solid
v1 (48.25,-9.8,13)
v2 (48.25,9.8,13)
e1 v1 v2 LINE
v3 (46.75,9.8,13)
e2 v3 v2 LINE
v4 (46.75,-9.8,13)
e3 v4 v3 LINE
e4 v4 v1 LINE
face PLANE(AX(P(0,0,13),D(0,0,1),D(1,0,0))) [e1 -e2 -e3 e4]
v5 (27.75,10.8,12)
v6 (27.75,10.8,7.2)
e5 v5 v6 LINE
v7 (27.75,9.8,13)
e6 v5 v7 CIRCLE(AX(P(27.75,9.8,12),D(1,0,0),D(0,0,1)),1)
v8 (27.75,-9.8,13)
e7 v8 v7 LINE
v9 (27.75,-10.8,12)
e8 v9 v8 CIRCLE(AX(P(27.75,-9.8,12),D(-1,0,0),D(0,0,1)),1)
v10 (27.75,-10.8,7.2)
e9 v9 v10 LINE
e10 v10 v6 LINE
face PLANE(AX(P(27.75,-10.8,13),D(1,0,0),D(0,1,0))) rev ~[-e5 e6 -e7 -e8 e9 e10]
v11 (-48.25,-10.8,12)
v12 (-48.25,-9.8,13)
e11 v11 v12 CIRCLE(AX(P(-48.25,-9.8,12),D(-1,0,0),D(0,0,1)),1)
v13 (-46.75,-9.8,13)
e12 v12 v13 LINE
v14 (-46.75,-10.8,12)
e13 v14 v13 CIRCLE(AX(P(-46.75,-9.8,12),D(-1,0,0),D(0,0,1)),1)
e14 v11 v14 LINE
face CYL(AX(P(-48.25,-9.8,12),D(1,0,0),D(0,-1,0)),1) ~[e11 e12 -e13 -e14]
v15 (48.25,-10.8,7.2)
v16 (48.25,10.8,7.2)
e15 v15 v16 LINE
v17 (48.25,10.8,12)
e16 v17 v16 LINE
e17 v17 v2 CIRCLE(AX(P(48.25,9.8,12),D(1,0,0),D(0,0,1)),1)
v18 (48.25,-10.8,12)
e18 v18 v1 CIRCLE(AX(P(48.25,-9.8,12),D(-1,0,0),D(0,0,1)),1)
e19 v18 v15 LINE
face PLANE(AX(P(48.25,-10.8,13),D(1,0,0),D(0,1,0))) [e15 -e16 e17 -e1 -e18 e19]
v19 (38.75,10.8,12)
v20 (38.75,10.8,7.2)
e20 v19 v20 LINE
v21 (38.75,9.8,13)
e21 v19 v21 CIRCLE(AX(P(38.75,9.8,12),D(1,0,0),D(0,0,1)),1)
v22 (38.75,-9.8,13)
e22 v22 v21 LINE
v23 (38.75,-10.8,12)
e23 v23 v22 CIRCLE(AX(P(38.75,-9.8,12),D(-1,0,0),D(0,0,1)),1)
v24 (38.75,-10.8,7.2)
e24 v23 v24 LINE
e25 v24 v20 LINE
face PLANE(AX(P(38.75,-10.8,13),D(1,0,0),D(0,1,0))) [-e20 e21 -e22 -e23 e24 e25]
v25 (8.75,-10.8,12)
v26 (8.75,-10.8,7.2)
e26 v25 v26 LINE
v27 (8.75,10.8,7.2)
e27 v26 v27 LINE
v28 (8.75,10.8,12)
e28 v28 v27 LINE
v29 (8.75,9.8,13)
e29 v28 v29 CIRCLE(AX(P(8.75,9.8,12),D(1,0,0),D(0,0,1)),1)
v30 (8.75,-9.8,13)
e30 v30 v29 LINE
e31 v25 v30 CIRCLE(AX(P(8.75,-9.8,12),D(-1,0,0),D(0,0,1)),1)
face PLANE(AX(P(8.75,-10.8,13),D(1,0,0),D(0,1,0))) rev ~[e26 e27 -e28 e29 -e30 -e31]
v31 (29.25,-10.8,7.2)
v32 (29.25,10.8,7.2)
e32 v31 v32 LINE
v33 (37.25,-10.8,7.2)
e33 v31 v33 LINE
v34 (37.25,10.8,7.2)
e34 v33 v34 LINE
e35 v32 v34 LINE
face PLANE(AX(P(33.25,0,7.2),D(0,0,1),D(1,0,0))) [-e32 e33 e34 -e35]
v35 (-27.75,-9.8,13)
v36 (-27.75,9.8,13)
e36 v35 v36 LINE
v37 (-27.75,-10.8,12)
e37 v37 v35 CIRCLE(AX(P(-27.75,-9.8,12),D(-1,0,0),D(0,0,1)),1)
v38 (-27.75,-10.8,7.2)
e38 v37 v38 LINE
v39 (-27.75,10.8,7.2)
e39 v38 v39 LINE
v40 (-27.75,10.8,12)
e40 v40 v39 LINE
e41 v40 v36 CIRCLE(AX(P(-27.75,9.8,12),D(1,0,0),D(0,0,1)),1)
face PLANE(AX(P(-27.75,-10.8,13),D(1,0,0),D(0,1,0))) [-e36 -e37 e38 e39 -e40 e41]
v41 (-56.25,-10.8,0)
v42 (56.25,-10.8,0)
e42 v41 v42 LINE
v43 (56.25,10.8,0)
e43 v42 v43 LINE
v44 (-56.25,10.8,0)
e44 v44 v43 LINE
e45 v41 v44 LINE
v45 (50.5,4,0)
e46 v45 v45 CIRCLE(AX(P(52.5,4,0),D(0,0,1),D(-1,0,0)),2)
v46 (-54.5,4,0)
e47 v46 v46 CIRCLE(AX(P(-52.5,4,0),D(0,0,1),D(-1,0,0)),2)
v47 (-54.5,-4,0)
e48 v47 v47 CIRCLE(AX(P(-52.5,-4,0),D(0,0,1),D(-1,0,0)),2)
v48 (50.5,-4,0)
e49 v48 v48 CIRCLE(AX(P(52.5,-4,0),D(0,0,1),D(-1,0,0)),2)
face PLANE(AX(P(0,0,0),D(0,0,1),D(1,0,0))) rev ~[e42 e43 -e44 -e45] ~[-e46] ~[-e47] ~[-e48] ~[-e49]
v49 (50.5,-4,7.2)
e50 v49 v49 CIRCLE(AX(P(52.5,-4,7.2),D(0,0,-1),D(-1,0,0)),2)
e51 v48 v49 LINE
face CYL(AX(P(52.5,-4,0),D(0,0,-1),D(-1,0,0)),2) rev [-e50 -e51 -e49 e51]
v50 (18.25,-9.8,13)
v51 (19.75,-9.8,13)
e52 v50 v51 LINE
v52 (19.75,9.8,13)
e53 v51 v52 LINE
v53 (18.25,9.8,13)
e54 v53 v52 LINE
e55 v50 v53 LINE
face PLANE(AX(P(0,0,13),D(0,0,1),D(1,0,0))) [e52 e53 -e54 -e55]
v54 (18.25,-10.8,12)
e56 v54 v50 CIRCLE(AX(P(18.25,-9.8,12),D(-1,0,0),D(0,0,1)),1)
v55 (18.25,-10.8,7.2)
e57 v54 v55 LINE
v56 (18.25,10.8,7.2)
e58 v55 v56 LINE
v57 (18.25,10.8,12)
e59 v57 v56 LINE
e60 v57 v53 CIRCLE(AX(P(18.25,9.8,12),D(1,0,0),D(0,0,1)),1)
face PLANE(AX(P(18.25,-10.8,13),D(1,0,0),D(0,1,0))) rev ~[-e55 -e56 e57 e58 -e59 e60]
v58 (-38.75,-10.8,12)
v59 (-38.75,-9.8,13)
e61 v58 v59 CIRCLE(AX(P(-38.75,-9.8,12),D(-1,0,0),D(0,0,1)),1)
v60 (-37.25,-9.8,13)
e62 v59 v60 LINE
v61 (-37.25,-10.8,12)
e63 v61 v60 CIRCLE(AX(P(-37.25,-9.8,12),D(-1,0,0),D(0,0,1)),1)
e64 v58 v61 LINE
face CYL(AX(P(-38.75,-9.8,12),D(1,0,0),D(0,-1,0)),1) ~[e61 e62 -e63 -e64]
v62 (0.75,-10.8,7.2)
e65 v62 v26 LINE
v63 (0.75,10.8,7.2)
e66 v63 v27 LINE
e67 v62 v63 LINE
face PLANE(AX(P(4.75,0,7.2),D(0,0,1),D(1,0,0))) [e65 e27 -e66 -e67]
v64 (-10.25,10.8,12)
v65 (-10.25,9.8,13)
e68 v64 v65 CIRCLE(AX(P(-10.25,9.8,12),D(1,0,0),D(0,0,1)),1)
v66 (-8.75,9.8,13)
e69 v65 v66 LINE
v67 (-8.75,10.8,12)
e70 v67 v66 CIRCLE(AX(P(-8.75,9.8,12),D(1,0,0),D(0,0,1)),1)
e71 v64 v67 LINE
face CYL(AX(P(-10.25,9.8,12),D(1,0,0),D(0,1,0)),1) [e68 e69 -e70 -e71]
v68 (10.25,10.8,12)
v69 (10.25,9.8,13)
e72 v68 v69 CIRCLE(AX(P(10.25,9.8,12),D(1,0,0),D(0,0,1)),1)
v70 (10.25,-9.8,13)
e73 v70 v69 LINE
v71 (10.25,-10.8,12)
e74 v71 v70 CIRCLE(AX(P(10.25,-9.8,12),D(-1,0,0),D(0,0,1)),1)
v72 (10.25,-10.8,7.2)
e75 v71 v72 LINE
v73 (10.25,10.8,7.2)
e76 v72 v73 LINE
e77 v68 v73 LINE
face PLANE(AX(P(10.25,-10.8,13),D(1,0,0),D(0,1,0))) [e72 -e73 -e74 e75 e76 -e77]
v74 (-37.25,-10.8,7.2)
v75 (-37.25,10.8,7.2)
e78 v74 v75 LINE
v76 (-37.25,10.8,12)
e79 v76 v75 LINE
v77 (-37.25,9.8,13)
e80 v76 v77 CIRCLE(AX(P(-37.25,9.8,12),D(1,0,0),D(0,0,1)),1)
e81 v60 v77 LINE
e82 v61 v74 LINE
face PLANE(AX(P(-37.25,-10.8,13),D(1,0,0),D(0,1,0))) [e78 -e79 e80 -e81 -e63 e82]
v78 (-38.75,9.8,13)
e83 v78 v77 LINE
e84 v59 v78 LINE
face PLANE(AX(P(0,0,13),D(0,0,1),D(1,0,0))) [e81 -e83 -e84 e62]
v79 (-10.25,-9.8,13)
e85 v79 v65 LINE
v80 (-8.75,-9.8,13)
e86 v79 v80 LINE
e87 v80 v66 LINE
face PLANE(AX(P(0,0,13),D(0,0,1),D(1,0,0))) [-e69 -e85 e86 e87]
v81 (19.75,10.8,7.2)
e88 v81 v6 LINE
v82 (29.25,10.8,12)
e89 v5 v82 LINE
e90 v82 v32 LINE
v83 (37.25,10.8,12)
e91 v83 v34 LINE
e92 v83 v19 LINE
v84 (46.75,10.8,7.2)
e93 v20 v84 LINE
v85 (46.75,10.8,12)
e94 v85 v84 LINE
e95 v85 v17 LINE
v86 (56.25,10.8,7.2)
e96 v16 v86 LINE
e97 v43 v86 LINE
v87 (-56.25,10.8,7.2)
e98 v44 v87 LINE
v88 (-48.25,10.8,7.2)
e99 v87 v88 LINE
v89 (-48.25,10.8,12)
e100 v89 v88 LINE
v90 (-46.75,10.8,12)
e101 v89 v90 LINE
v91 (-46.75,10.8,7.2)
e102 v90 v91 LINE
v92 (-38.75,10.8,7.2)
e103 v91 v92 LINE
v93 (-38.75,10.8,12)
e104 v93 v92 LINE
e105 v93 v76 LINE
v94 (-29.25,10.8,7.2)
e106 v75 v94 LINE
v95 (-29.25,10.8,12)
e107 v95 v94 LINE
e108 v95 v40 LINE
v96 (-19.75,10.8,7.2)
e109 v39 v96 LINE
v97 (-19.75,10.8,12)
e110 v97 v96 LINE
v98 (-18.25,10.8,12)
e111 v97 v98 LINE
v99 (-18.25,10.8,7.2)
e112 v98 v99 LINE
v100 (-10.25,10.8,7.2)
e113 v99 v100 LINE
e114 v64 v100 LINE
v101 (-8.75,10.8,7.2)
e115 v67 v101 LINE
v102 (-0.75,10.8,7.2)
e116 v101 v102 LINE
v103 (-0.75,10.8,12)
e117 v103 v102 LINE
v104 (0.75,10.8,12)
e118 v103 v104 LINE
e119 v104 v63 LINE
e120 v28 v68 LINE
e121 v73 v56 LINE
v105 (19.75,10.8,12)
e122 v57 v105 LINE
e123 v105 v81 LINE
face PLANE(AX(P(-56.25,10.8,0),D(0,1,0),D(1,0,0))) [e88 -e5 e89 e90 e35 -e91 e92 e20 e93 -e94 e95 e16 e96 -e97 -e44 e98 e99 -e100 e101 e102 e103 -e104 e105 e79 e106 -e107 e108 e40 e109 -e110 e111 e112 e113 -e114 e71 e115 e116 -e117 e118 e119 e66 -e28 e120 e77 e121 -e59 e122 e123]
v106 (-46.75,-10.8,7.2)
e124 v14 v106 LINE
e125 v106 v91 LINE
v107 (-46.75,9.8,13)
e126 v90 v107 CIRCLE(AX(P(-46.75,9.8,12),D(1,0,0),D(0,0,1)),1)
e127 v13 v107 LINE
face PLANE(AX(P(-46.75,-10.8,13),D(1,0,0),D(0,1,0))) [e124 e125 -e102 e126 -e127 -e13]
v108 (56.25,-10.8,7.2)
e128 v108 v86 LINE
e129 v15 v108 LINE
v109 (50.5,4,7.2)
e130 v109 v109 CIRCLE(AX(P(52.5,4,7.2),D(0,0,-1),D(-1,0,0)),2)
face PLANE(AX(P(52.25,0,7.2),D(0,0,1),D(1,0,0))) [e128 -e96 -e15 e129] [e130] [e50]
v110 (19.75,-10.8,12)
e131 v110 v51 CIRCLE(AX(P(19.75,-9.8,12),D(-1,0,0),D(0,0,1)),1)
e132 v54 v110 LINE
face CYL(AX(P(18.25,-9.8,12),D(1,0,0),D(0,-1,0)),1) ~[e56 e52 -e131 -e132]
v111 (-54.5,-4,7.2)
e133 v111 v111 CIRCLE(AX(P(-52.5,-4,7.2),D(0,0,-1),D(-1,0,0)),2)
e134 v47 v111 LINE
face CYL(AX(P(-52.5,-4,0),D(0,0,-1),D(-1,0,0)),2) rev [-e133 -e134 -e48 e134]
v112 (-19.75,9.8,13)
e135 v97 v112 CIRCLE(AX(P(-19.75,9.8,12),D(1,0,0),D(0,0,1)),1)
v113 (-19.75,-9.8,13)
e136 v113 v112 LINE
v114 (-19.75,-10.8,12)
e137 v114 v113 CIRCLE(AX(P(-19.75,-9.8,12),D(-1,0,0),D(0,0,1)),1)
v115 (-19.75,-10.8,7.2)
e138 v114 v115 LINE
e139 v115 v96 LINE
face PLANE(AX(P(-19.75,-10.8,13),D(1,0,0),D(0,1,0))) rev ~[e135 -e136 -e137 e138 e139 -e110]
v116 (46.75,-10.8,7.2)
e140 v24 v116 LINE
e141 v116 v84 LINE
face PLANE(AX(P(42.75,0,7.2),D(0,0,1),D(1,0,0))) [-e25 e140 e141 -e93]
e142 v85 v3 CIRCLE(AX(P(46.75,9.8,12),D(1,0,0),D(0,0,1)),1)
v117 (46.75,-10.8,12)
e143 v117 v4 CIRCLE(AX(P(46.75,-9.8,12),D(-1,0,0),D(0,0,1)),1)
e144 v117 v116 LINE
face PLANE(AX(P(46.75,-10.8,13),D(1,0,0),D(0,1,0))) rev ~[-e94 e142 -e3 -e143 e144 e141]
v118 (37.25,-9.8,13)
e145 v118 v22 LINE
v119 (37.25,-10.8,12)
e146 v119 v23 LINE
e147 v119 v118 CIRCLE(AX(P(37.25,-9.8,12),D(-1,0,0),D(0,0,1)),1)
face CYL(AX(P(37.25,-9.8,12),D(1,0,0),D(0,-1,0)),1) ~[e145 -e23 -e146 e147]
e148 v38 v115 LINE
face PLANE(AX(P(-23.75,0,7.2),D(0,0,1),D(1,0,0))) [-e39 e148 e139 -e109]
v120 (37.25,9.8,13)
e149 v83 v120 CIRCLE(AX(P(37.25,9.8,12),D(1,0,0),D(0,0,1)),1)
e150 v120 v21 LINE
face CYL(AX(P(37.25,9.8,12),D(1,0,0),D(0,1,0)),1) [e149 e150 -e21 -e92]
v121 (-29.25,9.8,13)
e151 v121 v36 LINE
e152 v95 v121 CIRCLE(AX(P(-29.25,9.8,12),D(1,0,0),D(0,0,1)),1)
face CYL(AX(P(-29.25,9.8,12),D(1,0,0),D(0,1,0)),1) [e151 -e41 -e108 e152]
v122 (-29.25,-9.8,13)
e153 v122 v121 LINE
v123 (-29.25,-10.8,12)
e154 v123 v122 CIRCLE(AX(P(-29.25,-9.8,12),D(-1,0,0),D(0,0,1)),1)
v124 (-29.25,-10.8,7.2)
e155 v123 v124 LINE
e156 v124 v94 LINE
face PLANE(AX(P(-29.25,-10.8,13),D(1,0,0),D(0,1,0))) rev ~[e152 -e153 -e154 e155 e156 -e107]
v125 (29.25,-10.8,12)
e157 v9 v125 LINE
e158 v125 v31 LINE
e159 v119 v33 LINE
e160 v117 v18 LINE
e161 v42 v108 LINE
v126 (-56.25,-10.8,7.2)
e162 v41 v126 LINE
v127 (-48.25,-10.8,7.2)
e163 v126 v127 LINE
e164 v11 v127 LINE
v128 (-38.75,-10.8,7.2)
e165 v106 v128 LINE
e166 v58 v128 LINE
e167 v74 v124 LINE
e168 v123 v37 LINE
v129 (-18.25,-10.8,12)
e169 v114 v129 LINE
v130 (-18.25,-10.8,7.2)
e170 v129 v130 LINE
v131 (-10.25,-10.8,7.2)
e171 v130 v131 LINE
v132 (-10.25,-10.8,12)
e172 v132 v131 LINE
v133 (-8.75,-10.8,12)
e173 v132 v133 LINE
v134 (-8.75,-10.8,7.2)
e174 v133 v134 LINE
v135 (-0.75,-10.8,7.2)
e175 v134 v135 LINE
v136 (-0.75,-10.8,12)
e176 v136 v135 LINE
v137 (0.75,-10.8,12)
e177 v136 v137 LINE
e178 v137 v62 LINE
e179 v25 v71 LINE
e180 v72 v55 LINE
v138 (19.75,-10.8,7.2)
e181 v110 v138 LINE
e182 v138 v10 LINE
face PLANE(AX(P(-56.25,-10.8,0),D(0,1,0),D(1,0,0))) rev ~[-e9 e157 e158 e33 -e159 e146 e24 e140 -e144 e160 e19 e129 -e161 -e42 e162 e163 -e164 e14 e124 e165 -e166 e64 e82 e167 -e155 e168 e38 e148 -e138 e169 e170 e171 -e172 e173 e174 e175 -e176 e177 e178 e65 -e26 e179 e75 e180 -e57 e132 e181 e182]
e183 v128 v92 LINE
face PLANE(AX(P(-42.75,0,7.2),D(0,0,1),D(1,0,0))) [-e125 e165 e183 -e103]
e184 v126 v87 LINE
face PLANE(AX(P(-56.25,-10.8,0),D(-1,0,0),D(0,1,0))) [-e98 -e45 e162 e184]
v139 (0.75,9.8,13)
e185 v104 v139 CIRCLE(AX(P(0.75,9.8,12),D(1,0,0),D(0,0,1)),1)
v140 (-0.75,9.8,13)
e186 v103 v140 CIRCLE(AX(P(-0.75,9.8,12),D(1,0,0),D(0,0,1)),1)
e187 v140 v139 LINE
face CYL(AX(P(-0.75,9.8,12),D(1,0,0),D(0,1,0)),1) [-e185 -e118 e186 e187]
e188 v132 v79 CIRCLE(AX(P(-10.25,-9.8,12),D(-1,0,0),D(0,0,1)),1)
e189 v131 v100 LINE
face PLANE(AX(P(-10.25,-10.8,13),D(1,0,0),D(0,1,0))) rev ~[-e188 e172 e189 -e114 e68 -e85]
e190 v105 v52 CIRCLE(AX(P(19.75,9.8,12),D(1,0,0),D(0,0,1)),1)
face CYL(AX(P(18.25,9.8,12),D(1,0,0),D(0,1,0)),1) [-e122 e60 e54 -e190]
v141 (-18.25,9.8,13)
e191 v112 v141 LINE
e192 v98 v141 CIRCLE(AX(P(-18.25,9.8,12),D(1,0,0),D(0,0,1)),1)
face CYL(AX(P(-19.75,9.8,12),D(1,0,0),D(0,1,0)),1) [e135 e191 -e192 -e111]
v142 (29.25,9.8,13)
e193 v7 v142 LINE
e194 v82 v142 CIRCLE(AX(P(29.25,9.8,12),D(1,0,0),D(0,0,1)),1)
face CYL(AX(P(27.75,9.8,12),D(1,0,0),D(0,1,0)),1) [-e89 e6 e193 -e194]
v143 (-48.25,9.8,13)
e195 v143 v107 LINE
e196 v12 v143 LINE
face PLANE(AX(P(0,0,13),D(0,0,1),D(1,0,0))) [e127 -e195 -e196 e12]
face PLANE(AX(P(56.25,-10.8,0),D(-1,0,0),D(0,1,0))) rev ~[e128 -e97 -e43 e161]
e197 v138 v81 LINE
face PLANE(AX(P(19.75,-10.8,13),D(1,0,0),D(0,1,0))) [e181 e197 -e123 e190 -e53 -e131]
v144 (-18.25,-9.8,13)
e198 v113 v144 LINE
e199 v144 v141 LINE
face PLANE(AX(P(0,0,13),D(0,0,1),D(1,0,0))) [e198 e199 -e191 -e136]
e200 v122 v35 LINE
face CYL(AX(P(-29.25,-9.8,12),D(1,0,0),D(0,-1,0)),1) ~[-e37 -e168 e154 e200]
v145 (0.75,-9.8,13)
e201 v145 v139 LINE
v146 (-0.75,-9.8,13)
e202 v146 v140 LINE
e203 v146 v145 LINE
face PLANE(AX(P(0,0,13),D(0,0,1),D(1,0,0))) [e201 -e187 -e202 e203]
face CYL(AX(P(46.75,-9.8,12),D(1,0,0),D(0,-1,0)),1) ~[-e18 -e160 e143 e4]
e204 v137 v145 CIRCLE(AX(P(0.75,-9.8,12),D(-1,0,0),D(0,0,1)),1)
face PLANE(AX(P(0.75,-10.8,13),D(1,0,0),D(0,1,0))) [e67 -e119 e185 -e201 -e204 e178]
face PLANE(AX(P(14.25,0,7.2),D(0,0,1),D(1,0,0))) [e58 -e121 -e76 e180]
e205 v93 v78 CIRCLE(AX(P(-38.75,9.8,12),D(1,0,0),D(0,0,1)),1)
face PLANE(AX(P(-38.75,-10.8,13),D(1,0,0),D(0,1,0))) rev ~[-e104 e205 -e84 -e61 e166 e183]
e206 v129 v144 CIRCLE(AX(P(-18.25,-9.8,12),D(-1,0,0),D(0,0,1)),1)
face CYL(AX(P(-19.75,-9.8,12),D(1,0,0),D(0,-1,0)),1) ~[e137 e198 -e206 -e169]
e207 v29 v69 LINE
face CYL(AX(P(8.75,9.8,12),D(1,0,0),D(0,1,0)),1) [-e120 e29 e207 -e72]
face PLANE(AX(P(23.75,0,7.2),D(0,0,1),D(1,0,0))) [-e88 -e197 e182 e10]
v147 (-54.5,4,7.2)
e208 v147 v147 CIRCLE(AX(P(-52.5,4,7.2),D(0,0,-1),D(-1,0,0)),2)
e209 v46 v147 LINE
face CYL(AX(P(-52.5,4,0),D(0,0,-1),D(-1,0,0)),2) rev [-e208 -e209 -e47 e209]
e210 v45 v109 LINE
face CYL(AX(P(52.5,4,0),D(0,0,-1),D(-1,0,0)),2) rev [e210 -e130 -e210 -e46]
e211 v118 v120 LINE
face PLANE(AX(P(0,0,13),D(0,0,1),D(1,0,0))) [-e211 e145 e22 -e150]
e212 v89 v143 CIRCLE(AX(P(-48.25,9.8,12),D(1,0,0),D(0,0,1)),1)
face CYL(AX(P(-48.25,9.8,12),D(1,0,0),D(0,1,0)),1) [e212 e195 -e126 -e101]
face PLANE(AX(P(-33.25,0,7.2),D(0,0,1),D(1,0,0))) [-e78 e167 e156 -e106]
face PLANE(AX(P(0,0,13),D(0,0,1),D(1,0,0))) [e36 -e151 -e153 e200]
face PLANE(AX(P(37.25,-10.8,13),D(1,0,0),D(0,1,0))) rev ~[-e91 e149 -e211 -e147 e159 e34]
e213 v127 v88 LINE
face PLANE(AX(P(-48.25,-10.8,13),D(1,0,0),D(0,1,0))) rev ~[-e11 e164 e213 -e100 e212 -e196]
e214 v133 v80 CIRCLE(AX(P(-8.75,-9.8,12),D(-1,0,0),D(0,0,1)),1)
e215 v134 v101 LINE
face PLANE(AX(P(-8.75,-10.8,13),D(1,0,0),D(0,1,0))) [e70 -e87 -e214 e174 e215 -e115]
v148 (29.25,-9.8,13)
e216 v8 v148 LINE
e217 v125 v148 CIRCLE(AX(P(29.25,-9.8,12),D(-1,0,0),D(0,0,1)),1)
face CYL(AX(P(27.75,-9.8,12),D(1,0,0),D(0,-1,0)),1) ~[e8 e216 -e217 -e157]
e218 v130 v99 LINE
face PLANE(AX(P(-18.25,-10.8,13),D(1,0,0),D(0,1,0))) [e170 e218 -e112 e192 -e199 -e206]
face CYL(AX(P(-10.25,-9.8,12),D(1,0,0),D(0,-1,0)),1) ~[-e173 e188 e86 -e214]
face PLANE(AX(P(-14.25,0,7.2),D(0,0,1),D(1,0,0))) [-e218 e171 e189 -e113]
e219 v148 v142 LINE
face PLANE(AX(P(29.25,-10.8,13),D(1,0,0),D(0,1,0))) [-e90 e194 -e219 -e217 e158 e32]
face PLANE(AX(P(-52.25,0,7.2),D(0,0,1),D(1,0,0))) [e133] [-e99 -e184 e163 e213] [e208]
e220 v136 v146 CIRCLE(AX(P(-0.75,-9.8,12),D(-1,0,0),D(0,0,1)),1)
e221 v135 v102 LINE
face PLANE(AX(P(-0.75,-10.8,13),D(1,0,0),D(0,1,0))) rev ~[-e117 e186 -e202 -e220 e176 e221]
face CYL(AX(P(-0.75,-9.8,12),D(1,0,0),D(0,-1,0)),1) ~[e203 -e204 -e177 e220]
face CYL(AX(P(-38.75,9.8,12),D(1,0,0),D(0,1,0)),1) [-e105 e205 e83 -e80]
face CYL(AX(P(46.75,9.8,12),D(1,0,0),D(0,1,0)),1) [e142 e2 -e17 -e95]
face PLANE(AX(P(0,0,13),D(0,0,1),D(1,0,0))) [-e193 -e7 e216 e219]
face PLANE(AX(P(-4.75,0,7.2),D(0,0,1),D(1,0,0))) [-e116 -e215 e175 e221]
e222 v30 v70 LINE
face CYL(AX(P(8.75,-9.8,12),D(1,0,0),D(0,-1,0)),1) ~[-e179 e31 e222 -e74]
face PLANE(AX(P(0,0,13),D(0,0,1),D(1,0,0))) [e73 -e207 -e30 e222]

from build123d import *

# Parameters (mm, degrees)
SKETCH1_W           = 112.5
SKETCH1_H           = 21.6
SKETCH1_R           = 2
BOSS_EXTRUDE1_DEPTH = 13
SKETCH2_W           = 8
SKETCH2_H           = 21.6
CUT_EXTRUDE1_DEPTH  = 5.8
FILLET1_R           = 1


with BuildPart() as part:
    # Sketch1 → Boss-Extrude1 (new body)
    with BuildSketch(Plane.XY):
        Rectangle(SKETCH1_W, SKETCH1_H)
        with Locations(Location((-52.5, 4, 0), (0, 0, 180))):
            Circle(SKETCH1_R, mode=Mode.SUBTRACT)
        with Locations(Location((52.5, 4, 0), (0, 0, 180))):
            Circle(SKETCH1_R, mode=Mode.SUBTRACT)
        with Locations(Location((52.5, -4, 0), (0, 0, 180))):
            Circle(SKETCH1_R, mode=Mode.SUBTRACT)
        with Locations(Location((-52.5, -4, 0), (0, 0, 180))):
            Circle(SKETCH1_R, mode=Mode.SUBTRACT)
    extrude(amount=BOSS_EXTRUDE1_DEPTH)

    # Sketch2 → Cut-Extrude1 (cut)
    with BuildSketch(Plane.XY.offset(13)):
        with Locations((-42.75, 0)):
            Rectangle(SKETCH2_W, SKETCH2_H)
        with Locations((-52.25, 0)):
            Rectangle(SKETCH2_W, SKETCH2_H)
        with Locations((-33.25, 0)):
            Rectangle(SKETCH2_W, SKETCH2_H)
        with Locations((-23.75, 0)):
            Rectangle(SKETCH2_W, SKETCH2_H)
        with Locations((-14.25, 0)):
            Rectangle(SKETCH2_W, SKETCH2_H)
        with Locations((-4.75, 0)):
            Rectangle(SKETCH2_W, SKETCH2_H)
        with Locations((4.75, 0)):
            Rectangle(SKETCH2_W, SKETCH2_H)
        with Locations((14.25, 0)):
            Rectangle(SKETCH2_W, SKETCH2_H)
        with Locations((23.75, 0)):
            Rectangle(SKETCH2_W, SKETCH2_H)
        with Locations((33.25, 0)):
            Rectangle(SKETCH2_W, SKETCH2_H)
        with Locations((42.75, 0)):
            Rectangle(SKETCH2_W, SKETCH2_H)
        with Locations((52.25, 0)):
            Rectangle(SKETCH2_W, SKETCH2_H)
    extrude(amount=-CUT_EXTRUDE1_DEPTH, mode=Mode.SUBTRACT)

    # Fillet1
    fillet1_edges = [part.edges().sort_by_distance(p)[0] for p in [
        (47.5, 10.8, 13),
        (38, 10.8, 13),
        (28.5, 10.8, 13),
        (19, 10.8, 13),
        (9.5, 10.8, 13),
        (0, 10.8, 13),
        (-9.5, 10.8, 13),
        (-19, 10.8, 13),
        (-28.5, 10.8, 13),
        (-38, 10.8, 13),
        (-47.5, 10.8, 13),
        (-47.5, -10.8, 13),
        (-38, -10.8, 13),
        (-28.5, -10.8, 13),
        (-19, -10.8, 13),
        (-9.5, -10.8, 13),
        (0, -10.8, 13),
        (9.5, -10.8, 13),
        (19, -10.8, 13),
        (28.5, -10.8, 13),
        (38, -10.8, 13),
        (47.5, -10.8, 13),
    ]]
    fillet(fillet1_edges, radius=FILLET1_R)


solid = part.part
